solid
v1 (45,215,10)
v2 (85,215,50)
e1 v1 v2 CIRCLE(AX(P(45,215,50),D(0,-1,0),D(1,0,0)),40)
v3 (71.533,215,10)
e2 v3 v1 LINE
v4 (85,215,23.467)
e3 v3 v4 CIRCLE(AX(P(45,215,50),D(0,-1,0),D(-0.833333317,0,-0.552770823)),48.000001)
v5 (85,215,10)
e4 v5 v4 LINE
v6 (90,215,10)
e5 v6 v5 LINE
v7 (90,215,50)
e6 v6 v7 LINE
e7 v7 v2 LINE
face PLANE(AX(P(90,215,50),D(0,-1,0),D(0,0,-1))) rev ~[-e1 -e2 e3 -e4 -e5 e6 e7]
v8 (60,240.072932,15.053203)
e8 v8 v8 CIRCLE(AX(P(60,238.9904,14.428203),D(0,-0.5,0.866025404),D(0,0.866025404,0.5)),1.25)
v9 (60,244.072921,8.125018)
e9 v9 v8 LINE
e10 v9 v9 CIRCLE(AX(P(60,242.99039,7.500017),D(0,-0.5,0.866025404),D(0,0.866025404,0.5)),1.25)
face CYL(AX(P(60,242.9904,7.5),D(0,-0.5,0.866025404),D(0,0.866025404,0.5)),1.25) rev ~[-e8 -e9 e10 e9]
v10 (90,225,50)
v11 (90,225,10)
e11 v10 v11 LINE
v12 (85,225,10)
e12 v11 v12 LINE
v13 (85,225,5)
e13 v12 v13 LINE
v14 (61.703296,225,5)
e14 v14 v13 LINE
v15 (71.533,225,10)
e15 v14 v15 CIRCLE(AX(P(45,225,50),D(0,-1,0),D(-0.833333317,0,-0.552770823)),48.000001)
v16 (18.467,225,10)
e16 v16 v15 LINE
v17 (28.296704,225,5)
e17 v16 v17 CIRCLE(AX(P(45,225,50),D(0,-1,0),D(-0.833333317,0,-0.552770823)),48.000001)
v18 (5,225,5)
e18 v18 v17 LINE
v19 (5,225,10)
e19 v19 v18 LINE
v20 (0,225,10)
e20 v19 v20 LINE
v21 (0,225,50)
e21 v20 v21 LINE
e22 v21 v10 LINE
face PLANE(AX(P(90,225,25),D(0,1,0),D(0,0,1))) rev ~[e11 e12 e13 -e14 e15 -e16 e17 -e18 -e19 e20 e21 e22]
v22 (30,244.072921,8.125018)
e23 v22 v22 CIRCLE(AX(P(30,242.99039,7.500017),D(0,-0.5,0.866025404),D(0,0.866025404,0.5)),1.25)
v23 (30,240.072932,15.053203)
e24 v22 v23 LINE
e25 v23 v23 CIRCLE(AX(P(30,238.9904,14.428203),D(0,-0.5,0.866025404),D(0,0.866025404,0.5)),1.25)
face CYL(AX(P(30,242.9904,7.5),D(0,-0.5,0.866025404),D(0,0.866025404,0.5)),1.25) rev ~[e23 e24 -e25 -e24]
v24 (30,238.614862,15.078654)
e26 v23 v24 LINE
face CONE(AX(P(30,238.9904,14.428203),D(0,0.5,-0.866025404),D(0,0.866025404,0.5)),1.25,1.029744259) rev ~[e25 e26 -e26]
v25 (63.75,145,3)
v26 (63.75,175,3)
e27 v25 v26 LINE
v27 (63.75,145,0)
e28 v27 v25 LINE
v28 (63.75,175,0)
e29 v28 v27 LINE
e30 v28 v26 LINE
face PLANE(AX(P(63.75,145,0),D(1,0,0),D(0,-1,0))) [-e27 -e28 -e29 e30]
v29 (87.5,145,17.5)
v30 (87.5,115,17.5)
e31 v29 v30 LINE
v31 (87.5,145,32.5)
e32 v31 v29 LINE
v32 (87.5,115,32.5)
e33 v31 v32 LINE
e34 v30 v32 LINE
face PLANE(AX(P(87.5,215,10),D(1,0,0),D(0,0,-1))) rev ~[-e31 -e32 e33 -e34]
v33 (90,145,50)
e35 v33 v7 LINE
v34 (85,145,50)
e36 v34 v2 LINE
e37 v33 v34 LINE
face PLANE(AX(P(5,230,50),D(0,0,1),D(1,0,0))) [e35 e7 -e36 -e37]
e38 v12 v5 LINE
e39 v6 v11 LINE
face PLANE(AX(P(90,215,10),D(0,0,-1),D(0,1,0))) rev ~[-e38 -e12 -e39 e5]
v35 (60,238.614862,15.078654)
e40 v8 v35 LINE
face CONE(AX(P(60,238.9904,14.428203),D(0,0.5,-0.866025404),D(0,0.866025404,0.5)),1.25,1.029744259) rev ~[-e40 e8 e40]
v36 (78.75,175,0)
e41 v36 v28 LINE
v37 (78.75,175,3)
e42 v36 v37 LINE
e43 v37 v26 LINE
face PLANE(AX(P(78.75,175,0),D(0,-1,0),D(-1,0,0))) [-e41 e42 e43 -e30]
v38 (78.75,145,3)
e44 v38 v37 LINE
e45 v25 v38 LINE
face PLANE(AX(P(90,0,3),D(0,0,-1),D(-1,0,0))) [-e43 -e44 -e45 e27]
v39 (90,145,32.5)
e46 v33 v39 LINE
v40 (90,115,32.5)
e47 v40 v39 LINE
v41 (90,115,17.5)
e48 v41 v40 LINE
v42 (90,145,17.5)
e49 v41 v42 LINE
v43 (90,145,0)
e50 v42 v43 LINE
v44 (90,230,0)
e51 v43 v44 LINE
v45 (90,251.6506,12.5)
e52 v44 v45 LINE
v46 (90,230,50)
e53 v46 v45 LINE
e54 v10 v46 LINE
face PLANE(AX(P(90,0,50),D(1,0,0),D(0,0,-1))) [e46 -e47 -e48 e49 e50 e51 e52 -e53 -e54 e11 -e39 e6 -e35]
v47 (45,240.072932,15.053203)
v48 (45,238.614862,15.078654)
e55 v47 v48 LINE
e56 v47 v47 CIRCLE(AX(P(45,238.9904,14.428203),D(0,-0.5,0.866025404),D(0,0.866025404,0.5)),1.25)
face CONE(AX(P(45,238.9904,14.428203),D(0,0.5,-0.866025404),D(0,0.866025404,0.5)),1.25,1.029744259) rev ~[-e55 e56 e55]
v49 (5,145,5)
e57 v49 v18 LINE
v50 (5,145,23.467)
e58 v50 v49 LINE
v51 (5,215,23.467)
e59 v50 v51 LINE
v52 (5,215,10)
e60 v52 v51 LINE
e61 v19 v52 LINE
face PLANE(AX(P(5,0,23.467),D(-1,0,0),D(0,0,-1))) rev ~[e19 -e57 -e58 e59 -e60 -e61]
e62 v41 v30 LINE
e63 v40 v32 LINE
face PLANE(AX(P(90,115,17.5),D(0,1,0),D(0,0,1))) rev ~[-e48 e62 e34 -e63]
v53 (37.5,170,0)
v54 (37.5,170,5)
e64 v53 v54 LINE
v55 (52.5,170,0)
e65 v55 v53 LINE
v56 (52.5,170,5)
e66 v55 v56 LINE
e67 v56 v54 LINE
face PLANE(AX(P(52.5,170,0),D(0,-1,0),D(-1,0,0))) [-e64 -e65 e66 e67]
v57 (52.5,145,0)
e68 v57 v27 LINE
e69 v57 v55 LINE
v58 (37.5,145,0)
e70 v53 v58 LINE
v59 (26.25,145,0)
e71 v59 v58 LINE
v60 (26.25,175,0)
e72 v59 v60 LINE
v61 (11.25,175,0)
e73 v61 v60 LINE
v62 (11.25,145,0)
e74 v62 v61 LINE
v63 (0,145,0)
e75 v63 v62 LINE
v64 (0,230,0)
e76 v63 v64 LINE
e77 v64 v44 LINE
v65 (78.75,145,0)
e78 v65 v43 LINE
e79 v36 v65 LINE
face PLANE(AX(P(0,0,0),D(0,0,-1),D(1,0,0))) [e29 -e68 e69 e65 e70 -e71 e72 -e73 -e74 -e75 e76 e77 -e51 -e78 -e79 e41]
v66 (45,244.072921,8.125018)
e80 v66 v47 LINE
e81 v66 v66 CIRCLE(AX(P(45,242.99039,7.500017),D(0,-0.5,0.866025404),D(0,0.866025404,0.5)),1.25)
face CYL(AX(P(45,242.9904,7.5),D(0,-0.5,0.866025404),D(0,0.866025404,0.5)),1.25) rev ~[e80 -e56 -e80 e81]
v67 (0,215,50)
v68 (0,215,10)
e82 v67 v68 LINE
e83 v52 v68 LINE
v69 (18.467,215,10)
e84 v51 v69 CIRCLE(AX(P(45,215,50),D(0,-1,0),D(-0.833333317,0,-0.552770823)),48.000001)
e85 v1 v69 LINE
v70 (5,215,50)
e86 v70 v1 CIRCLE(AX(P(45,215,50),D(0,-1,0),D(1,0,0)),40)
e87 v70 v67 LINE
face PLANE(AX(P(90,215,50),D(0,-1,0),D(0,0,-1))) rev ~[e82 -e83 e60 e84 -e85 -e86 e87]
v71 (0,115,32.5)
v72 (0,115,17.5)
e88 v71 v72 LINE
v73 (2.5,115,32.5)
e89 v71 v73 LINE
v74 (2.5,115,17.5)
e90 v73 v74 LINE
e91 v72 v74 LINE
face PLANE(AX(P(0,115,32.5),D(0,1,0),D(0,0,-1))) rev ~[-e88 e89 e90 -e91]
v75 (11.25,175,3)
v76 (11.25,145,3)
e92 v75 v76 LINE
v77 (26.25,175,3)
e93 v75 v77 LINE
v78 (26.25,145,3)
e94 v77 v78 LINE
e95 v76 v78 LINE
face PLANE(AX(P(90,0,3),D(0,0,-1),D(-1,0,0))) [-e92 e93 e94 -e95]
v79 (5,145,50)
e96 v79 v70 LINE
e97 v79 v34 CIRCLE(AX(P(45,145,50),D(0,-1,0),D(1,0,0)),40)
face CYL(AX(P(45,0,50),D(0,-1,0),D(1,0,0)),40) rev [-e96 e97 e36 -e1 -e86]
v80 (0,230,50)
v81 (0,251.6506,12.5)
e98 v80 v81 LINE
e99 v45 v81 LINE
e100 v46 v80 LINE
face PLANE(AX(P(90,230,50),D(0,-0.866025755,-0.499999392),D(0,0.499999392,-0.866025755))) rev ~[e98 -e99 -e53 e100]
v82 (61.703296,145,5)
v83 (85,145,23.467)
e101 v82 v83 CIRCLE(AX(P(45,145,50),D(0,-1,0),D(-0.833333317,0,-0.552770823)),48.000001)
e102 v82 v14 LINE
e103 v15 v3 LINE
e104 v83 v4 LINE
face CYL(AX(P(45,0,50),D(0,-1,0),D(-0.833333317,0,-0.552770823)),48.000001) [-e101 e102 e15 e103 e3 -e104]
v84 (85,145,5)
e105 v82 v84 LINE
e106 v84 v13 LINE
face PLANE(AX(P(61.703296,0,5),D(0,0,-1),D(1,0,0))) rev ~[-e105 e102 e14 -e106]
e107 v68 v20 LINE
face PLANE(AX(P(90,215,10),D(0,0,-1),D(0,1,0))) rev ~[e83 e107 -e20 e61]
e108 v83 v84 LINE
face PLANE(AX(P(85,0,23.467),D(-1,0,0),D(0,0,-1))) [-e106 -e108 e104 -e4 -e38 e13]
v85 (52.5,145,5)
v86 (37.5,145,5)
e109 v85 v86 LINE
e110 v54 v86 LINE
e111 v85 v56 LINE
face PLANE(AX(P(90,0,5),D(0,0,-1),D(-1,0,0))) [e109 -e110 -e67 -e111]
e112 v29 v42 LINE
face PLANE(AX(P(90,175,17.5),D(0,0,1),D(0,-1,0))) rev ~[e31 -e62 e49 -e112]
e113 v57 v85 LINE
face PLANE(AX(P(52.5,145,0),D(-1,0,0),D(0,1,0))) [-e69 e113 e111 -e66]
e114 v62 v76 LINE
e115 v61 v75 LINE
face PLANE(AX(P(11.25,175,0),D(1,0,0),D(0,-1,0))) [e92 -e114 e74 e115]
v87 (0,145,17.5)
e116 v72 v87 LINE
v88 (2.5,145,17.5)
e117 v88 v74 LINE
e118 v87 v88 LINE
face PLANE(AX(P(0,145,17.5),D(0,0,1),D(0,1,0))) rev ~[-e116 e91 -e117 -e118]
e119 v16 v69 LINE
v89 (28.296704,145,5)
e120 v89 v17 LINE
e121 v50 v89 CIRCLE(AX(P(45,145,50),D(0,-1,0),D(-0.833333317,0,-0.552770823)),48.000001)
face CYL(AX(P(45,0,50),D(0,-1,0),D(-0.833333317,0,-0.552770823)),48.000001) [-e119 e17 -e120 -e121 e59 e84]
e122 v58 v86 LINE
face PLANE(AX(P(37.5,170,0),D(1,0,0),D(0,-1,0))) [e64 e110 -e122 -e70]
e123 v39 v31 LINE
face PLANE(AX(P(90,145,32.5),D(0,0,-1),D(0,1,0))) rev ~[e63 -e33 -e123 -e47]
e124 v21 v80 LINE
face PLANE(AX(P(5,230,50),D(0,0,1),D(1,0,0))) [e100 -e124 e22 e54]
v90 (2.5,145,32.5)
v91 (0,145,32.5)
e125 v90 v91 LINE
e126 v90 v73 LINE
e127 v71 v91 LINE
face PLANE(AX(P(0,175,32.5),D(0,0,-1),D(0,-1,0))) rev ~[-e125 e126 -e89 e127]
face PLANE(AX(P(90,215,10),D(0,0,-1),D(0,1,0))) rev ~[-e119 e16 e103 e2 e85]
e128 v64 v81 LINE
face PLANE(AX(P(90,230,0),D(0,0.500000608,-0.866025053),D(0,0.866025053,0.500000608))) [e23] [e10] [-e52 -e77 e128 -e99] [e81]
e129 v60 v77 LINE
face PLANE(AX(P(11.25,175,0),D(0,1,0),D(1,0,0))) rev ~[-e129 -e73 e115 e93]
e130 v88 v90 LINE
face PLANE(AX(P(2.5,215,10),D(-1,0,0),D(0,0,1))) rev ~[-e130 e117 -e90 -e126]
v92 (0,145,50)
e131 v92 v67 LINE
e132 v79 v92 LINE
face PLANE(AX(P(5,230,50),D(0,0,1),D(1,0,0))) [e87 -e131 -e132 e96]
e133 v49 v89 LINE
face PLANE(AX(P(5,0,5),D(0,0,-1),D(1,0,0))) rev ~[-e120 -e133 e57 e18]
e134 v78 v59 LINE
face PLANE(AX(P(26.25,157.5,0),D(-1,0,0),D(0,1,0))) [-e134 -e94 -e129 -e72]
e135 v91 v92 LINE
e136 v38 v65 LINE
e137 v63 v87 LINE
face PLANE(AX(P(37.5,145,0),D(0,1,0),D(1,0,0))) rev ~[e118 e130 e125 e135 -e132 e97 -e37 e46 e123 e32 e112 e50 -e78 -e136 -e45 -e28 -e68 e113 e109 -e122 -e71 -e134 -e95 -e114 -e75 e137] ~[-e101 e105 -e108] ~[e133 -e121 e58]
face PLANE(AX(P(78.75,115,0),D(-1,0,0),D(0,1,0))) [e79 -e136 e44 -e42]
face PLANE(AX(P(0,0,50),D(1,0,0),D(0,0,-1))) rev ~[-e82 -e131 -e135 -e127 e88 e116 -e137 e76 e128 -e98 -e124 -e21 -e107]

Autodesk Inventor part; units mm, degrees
ref_plane "YZ Plane" through (0, 0, 0) normal (1, 0, 0) x (0, 1, 0)
ref_plane "XZ Plane" through (0, 0, 0) normal (0, 1, 0) x (-1, 0, 0)
ref_plane "XY Plane" through (0, 0, 0) normal (0, 0, 1) x (1, 0, 0)
sketch "スケッチ1" plane through (0, 0, 0) normal (0, 1, 0) x (-1, 0, 0)
  line L0 (0, 0) -> (-90, 0)
  line L1 (-90, 0) -> (-90, 50)
  line L2 (0, 50) -> (0, 0)
  line L3 (0, 0) -> (-5, 0)
  line L4 (-5, 0) -> (-5, 50)
  line L5 (-5, 0) -> (-90, 0)
  line L6 (-90, 0) -> (-85, 0)
  line L7 (-85, 0) -> (-85, 50)
  arc A0 (-85, 50) -> (-5, 50) centre (-45, 50) ccw
  line L8 (0, 0) -> (0, 10)
  line L9 (0, 10) -> (-90, 10)
  circle A1 centre (-45, 50) radius 45
  line L10 (-90, 5) -> (0, 5)
  line L11 (-90, 50) -> (-85, 50)
  line L12 (-5, 50) -> (0, 50)
  line L13 (0, 0) -> (-90, 0)
  line L14 (-90, 0) -> (-90, 5)
  line L15 (-90, 5) -> (0, 5)
  line L16 (0, 5) -> (0, 0)
  dimension "d0" = 90
  dimension "d1" = 50
  dimension "d2" = 5
  dimension "d3" = 85
  dimension "d4" = 5
  dimension "d5" = 80
  dimension "d6" = 10
  dimension "d7" = 90
extrude "押し出し1" add sketch "スケッチ1" along normal blind 230 contours L0 L4 L10 L2 | L0 L7 L10 L4 | L10 L4 L9 L2 | L0 L1 L10 L7 | L10 A1 L9 L4 | L9 L4 A1 L2 | L10 L1 L9 L7 | L7 L9 A1 L10 | L9 A1 L4 | A1 L9 | A1 L4 L12 | L9 L1 A1 L7 | L7 A1 L9 | A1 L9 A0 L4 | A1 L7 A0 L9 | L11 L7 A1
sketch "スケッチ2" plane through (0, 0, 0) normal (0, -1, 0) x (1, 0, 0)
  line L0 (0, 0) -> (0, 50) projected
  line L1 (90, 0) -> (0, 0) projected
  line L2 (90, 50) -> (90, 0) projected
  line L3 (85, 50) -> (90, 50) projected
  arc A0 (5, 50) -> (85, 50) centre (45, 50) ccw projected
  line L4 (0, 50) -> (5, 50) projected
  arc A1 (5, 23.467) -> (85, 23.467) centre (45, 50) ccw
  line L5 (0, 5) -> (90, 5)
  line L6 (5, 23.467) -> (5, 5)
  line L7 (85, 23.467) -> (85, 5)
  dimension "d29" = 48
extrude "押し出し2" cut sketch "スケッチ2" against normal blind 225 contours L6 A1 L5 | L5 A1 L7
sketch "スケッチ3" plane through (0, 230, 0) normal (0, 1, 0) x (1, 0, 0)
  arc A0 (85, -50) -> (5, -50) centre (45, -50) ccw projected
  line L0 (90, -50) -> (90, 0) projected
  line L1 (0, -50) -> (5, -50) projected
  arc A1 (85, -50) -> (5, -50) centre (45, -50) ccw
  line L2 (5, -50) -> (85, -50)
extrude "押し出し3" add sketch "スケッチ3" against normal blind 5
sketch "スケッチ4" plane through (90, 0, 50) normal (1, 0, 0) x (0, 0, -1)
  line L0 (0, 0) -> (50, 0) projected
  line L1 (0, 0) -> (0, 230) projected
  line L2 (25, 0) -> (25, 65)
  line L3 (25, 65) -> (25, 75)
  line L4 (25, 75) -> (25, 215)
  line L5 (25, 215) -> (25, 225)
  line L6 (0, 65) -> (40, 65)
  line L7 (40, 65) -> (40, 75)
  line L8 (40, 75) -> (0, 75)
  line L9 (0, 75) -> (0, 65)
  line L10 (0, 215) -> (40, 215)
  line L11 (40, 215) -> (40, 225)
  line L12 (40, 225) -> (0, 225)
  line L13 (0, 225) -> (0, 215)
  dimension "d16" = 65
  dimension "d17" = 10
  dimension "d18" = 140
  dimension "d19" = 10
  dimension "d20" = 40
extrude "押し出し4" cut sketch "スケッチ4" against normal blind 90 contours L1 L8 L3 L6 | L3 L8 L7 L6 | L1 L12 L5 L10 | L5 L12 L11 L10
sketch "スケッチ6" plane through (90, 0, 50) normal (1, 0, 0) x (0, 0, -1)
  line L0 (0, 230) -> (50, 230) projected
  line L1 (50, 230) -> (37.5, 251.6506)
  line L2 (50, 230) -> (110, 230) construction
  line L3 (0, 230) -> (37.5, 251.6506)
  line L4 (0, 230) -> (43.3013, 230) construction
  dimension "d32" = 120
  dimension "d33" = 30
extrude "押し出し6" add sketch "スケッチ6" against normal blind 90
sketch "スケッチ9" plane through (0, 0, 0) normal (-1, 0, 0) x (0, 0, 1)
  line L0 (10, 225) -> (50, 225) projected
  line L1 (50, 225) -> (50, 230) projected
  line L2 (50, 230) -> (12.5, 251.6506) projected
  line L3 (12.5, 251.6506) -> (0, 230) projected
  line L4 (0, 0) -> (0, 230) projected
  line L5 (0, 0) -> (50, 0) projected
  line L6 (50, 0) -> (50, 65) projected
  line L7 (50, 65) -> (10, 65) projected
  line L8 (10, 65) -> (10, 75) projected
  line L9 (10, 75) -> (50, 75) projected
  line L10 (50, 75) -> (50, 215) projected
  line L11 (50, 215) -> (10, 215) projected
  line L12 (10, 215) -> (10, 225) projected
  line L13 (12.5, 251.6506) -> (0, 230)
  line L14 (0, 230) -> (-132.7906, 0)
  line L15 (0, 145) -> (-49.0748, 145)
  line L16 (0, 115) -> (-66.3953, 115)
  dimension "d45" = 30
sketch "スケッチ10" plane through (0, 0, 0) normal (-1, 0, 0) x (0, 0, 1)
  line L0 (10, 225) -> (50, 225) projected
  line L1 (50, 225) -> (50, 230) projected
  line L2 (50, 230) -> (12.5, 251.6506) projected
  line L3 (12.5, 251.6506) -> (0, 230) projected
  line L4 (0, 0) -> (0, 230) projected
  line L5 (0, 0) -> (50, 0) projected
  line L6 (50, 0) -> (50, 65) projected
  line L7 (50, 65) -> (10, 65) projected
  line L8 (10, 65) -> (10, 75) projected
  line L9 (10, 75) -> (50, 75) projected
  line L10 (50, 75) -> (50, 215) projected
  line L11 (50, 215) -> (10, 215) projected
  line L12 (10, 215) -> (10, 225) projected
  line L13 (12.5, 251.6506) -> (-87.5, 78.4456)
  line L14 (-87.5, 78.4456) -> (50, 0)
sketch "スケッチ11" plane through (90, 230, 0) normal (0, 0.5, -0.866) x (-1, 0, 0)
  line L0 (0, 25) -> (90, 25) projected
  line L1 (45, 25) -> (45, 15)
  line L2 (45, 15) -> (60, 15)
  line L3 (60, 15) -> (30, 15)
  point P0 (90, -199.1858)
  dimension "d49" = 10
  dimension "d50" = 15
  dimension "d51" = 30
hole "穴1" at (45, 242.9904, 7.5) at (30, 242.9904, 7.5) at (60, 242.9904, 7.5) direction (0, -0.5, 0.866) diameter 2.5 depth 8 tip angle 118
sketch "スケッチ12" plane through (90, 0, 50) normal (1, 0, 0) x (0, 0, -1)
  line L0 (50, 0) -> (50, 230) projected
  line L1 (40, 225) -> (40, 215) projected
  line L2 (0, 215) -> (0, 75)
  line L3 (0, 145) -> (50, 145)
  line L4 (32.5, 175) -> (17.5, 175)
  line L5 (17.5, 175) -> (17.5, 115)
  line L6 (17.5, 115) -> (32.5, 115)
  line L7 (32.5, 115) -> (32.5, 175)
  line L8 (32.5, 175) -> (17.5, 115) construction
  line L9 (17.5, 175) -> (32.5, 115) construction
  line L10 (17.5, 145) -> (32.5, 145)
  line L11 (32.5, 145) -> (32.5, 115)
  line L12 (32.5, 115) -> (17.5, 115)
  line L13 (17.5, 115) -> (17.5, 145)
  point P0 (25, 145)
  dimension "d59" = 15
  dimension "d60" = 60
extrude "押し出し8" cut sketch "スケッチ12" against normal blind 2.5 contours L3 L7 L6 L5
sketch "スケッチ13" plane through (0, 0, 0) normal (-1, 0, 0) x (0, 0, 1)
  line L0 (0, 0) -> (0, 230) projected
  line L1 (50, 75) -> (50, 215) projected
  line L2 (50, 145) -> (0, 145)
  line L3 (17.5, 175) -> (32.5, 175)
  line L4 (32.5, 175) -> (32.5, 115)
  line L5 (32.5, 115) -> (17.5, 115)
  line L6 (17.5, 115) -> (17.5, 175)
  line L7 (17.5, 175) -> (32.5, 115) construction
  line L8 (32.5, 175) -> (17.5, 115) construction
  line L9 (17.5, 145) -> (32.5, 145)
  line L10 (32.5, 145) -> (32.5, 115)
  line L11 (32.5, 115) -> (17.5, 115)
  line L12 (17.5, 115) -> (17.5, 145)
  point P0 (25, 145)
  dimension "d63" = 15
  dimension "d64" = 60
extrude "押し出し9" cut sketch "スケッチ13" against normal blind 2.5 contours L4 L5 L6 L2
sketch "スケッチ14" plane through (90, 0, 0) normal (0, 0, -1) x (-1, 0, 0)
  line L0 (90, 0) -> (90, 230) projected
  line L1 (0, 0) -> (0, 230) projected
  line L2 (0, 145) -> (90, 145)
  line L3 (37.5, 170) -> (52.5, 170)
  line L4 (52.5, 170) -> (52.5, 120)
  line L5 (52.5, 120) -> (37.5, 120)
  line L6 (37.5, 120) -> (37.5, 170)
  line L7 (37.5, 170) -> (52.5, 120) construction
  line L8 (52.5, 170) -> (37.5, 120) construction
  line L9 (37.5, 145) -> (52.5, 145)
  line L10 (52.5, 145) -> (52.5, 170)
  line L11 (52.5, 170) -> (37.5, 170)
  line L12 (37.5, 170) -> (37.5, 145)
  point P0 (45, 145)
  dimension "d67" = 15
  dimension "d70" = 25
extrude "押し出し10" cut sketch "スケッチ14" against normal blind 5 contours L6 L3 L4 L2
sketch "スケッチ16" plane through (90, 0, 0) normal (0, 0, -1) x (-1, 0, 0)
  line L0 (52.5, 170) -> (52.5, 145) projected
  line L1 (52.5, 145) -> (37.5, 145) projected
  line L2 (37.5, 145) -> (37.5, 170) projected
  line L3 (90, 0) -> (90, 230) projected
  line L4 (0, 0) -> (0, 230) projected
  line L5 (0, 145) -> (90, 145)
  line L6 (0, 160) -> (37.5, 157.5)
  line L7 (52.5, 157.5) -> (90, 157.5)
  line L8 (18.75, 158.75) -> (18.75, 145)
  line L9 (71.25, 145) -> (71.25, 157.5)
  line L10 (11.25, 175) -> (26.25, 175)
  line L11 (26.25, 175) -> (26.25, 115)
  line L12 (26.25, 115) -> (11.25, 115)
  line L13 (11.25, 115) -> (11.25, 175)
  line L14 (11.25, 175) -> (26.25, 115) construction
  line L15 (26.25, 175) -> (11.25, 115) construction
  line L16 (11.25, 115) -> (26.25, 115)
  line L17 (26.25, 115) -> (26.25, 175)
  line L18 (26.25, 175) -> (11.25, 175)
  line L19 (11.25, 175) -> (11.25, 115)
  line L20 (45, 145) -> (45, 125)
  line L21 (78.75, 175) -> (63.75, 175)
  line L22 (63.75, 115) -> (78.75, 115)
  line L23 (78.75, 175) -> (78.75, 115)
  line L24 (63.75, 115) -> (63.75, 175)
  line L25 (63.75, 175) -> (78.75, 175)
  line L26 (78.75, 175) -> (78.75, 115)
  line L27 (78.75, 115) -> (63.75, 115)
  line L28 (63.75, 115) -> (63.75, 175)
  line L29 (11.25, 115) -> (26.25, 115)
  line L30 (26.25, 115) -> (26.25, 175)
  line L31 (26.25, 175) -> (11.25, 175)
  line L32 (11.25, 175) -> (11.25, 115)
  dimension "d71" = 15
  dimension "d72" = 60
  dimension "d73" = 20
extrude "押し出し11" cut sketch "スケッチ16" against normal blind 3 contours L24 L21 L23 L7 | L7 L9 L5 L24 | L5 L23 L22 L24 | L7 L23 L5 L9 | L11 L12 L13 L5 | L5 L8 L6 L11 | L6 L13 L10 L11 | L5 L13 L6 L8
sketch "スケッチ17" plane through (37.5, 145, 0) normal (0, 1, 0) x (1, 0, 0)
  line L0 (-57.7643, 16.522) -> (69.053, 16.522)
  line L1 (69.053, 16.522) -> (69.053, -65.9751)
  line L2 (69.053, -65.9751) -> (-57.7643, -65.9751)
  line L3 (-57.7643, -65.9751) -> (-57.7643, 16.522)
  point P0 (-37.5, 0)
extrude "押し出し12" cut sketch "スケッチ17" against normal blind 180
sketch "スケッチ18" plane through (0, 215, 10) normal (-1, 0, 0) x (0, 0, 1)
  line L0 (-10, -70) -> (40, -70) projected
  line L1 (7.5, -40) -> (22.5, -40)
  line L2 (22.5, -40) -> (22.5, -100)
  line L3 (22.5, -100) -> (7.5, -100)
  line L4 (7.5, -100) -> (7.5, -40)
  line L5 (7.5, -40) -> (22.5, -100) construction
  line L6 (22.5, -40) -> (7.5, -100) construction
  point P0 (-10, -215)
  point P1 (15, -70)
  dimension "d78" = 15
  dimension "d79" = 60
extrude "押し出し13" add sketch "スケッチ18" against normal blind 2.5
sketch "スケッチ19" plane through (90, 215, 10) normal (1, 0, 0) x (0, 0, -1)
  line L0 (-40, -70) -> (10, -70) projected
  line L1 (-22.5, -40) -> (-7.5, -40)
  line L2 (-7.5, -40) -> (-7.5, -100)
  line L3 (-7.5, -100) -> (-22.5, -100)
  line L4 (-22.5, -100) -> (-22.5, -40)
  line L5 (-22.5, -40) -> (-7.5, -100) construction
  line L6 (-7.5, -40) -> (-22.5, -100) construction
  point P0 (10, -215)
  point P1 (-15, -70)
  dimension "d82" = 15
  dimension "d83" = 60
extrude "押し出し14" add sketch "スケッチ19" against normal blind 2.5
properties part number "知能ロボコン発射台２.1" material "ABS プラスチック"
